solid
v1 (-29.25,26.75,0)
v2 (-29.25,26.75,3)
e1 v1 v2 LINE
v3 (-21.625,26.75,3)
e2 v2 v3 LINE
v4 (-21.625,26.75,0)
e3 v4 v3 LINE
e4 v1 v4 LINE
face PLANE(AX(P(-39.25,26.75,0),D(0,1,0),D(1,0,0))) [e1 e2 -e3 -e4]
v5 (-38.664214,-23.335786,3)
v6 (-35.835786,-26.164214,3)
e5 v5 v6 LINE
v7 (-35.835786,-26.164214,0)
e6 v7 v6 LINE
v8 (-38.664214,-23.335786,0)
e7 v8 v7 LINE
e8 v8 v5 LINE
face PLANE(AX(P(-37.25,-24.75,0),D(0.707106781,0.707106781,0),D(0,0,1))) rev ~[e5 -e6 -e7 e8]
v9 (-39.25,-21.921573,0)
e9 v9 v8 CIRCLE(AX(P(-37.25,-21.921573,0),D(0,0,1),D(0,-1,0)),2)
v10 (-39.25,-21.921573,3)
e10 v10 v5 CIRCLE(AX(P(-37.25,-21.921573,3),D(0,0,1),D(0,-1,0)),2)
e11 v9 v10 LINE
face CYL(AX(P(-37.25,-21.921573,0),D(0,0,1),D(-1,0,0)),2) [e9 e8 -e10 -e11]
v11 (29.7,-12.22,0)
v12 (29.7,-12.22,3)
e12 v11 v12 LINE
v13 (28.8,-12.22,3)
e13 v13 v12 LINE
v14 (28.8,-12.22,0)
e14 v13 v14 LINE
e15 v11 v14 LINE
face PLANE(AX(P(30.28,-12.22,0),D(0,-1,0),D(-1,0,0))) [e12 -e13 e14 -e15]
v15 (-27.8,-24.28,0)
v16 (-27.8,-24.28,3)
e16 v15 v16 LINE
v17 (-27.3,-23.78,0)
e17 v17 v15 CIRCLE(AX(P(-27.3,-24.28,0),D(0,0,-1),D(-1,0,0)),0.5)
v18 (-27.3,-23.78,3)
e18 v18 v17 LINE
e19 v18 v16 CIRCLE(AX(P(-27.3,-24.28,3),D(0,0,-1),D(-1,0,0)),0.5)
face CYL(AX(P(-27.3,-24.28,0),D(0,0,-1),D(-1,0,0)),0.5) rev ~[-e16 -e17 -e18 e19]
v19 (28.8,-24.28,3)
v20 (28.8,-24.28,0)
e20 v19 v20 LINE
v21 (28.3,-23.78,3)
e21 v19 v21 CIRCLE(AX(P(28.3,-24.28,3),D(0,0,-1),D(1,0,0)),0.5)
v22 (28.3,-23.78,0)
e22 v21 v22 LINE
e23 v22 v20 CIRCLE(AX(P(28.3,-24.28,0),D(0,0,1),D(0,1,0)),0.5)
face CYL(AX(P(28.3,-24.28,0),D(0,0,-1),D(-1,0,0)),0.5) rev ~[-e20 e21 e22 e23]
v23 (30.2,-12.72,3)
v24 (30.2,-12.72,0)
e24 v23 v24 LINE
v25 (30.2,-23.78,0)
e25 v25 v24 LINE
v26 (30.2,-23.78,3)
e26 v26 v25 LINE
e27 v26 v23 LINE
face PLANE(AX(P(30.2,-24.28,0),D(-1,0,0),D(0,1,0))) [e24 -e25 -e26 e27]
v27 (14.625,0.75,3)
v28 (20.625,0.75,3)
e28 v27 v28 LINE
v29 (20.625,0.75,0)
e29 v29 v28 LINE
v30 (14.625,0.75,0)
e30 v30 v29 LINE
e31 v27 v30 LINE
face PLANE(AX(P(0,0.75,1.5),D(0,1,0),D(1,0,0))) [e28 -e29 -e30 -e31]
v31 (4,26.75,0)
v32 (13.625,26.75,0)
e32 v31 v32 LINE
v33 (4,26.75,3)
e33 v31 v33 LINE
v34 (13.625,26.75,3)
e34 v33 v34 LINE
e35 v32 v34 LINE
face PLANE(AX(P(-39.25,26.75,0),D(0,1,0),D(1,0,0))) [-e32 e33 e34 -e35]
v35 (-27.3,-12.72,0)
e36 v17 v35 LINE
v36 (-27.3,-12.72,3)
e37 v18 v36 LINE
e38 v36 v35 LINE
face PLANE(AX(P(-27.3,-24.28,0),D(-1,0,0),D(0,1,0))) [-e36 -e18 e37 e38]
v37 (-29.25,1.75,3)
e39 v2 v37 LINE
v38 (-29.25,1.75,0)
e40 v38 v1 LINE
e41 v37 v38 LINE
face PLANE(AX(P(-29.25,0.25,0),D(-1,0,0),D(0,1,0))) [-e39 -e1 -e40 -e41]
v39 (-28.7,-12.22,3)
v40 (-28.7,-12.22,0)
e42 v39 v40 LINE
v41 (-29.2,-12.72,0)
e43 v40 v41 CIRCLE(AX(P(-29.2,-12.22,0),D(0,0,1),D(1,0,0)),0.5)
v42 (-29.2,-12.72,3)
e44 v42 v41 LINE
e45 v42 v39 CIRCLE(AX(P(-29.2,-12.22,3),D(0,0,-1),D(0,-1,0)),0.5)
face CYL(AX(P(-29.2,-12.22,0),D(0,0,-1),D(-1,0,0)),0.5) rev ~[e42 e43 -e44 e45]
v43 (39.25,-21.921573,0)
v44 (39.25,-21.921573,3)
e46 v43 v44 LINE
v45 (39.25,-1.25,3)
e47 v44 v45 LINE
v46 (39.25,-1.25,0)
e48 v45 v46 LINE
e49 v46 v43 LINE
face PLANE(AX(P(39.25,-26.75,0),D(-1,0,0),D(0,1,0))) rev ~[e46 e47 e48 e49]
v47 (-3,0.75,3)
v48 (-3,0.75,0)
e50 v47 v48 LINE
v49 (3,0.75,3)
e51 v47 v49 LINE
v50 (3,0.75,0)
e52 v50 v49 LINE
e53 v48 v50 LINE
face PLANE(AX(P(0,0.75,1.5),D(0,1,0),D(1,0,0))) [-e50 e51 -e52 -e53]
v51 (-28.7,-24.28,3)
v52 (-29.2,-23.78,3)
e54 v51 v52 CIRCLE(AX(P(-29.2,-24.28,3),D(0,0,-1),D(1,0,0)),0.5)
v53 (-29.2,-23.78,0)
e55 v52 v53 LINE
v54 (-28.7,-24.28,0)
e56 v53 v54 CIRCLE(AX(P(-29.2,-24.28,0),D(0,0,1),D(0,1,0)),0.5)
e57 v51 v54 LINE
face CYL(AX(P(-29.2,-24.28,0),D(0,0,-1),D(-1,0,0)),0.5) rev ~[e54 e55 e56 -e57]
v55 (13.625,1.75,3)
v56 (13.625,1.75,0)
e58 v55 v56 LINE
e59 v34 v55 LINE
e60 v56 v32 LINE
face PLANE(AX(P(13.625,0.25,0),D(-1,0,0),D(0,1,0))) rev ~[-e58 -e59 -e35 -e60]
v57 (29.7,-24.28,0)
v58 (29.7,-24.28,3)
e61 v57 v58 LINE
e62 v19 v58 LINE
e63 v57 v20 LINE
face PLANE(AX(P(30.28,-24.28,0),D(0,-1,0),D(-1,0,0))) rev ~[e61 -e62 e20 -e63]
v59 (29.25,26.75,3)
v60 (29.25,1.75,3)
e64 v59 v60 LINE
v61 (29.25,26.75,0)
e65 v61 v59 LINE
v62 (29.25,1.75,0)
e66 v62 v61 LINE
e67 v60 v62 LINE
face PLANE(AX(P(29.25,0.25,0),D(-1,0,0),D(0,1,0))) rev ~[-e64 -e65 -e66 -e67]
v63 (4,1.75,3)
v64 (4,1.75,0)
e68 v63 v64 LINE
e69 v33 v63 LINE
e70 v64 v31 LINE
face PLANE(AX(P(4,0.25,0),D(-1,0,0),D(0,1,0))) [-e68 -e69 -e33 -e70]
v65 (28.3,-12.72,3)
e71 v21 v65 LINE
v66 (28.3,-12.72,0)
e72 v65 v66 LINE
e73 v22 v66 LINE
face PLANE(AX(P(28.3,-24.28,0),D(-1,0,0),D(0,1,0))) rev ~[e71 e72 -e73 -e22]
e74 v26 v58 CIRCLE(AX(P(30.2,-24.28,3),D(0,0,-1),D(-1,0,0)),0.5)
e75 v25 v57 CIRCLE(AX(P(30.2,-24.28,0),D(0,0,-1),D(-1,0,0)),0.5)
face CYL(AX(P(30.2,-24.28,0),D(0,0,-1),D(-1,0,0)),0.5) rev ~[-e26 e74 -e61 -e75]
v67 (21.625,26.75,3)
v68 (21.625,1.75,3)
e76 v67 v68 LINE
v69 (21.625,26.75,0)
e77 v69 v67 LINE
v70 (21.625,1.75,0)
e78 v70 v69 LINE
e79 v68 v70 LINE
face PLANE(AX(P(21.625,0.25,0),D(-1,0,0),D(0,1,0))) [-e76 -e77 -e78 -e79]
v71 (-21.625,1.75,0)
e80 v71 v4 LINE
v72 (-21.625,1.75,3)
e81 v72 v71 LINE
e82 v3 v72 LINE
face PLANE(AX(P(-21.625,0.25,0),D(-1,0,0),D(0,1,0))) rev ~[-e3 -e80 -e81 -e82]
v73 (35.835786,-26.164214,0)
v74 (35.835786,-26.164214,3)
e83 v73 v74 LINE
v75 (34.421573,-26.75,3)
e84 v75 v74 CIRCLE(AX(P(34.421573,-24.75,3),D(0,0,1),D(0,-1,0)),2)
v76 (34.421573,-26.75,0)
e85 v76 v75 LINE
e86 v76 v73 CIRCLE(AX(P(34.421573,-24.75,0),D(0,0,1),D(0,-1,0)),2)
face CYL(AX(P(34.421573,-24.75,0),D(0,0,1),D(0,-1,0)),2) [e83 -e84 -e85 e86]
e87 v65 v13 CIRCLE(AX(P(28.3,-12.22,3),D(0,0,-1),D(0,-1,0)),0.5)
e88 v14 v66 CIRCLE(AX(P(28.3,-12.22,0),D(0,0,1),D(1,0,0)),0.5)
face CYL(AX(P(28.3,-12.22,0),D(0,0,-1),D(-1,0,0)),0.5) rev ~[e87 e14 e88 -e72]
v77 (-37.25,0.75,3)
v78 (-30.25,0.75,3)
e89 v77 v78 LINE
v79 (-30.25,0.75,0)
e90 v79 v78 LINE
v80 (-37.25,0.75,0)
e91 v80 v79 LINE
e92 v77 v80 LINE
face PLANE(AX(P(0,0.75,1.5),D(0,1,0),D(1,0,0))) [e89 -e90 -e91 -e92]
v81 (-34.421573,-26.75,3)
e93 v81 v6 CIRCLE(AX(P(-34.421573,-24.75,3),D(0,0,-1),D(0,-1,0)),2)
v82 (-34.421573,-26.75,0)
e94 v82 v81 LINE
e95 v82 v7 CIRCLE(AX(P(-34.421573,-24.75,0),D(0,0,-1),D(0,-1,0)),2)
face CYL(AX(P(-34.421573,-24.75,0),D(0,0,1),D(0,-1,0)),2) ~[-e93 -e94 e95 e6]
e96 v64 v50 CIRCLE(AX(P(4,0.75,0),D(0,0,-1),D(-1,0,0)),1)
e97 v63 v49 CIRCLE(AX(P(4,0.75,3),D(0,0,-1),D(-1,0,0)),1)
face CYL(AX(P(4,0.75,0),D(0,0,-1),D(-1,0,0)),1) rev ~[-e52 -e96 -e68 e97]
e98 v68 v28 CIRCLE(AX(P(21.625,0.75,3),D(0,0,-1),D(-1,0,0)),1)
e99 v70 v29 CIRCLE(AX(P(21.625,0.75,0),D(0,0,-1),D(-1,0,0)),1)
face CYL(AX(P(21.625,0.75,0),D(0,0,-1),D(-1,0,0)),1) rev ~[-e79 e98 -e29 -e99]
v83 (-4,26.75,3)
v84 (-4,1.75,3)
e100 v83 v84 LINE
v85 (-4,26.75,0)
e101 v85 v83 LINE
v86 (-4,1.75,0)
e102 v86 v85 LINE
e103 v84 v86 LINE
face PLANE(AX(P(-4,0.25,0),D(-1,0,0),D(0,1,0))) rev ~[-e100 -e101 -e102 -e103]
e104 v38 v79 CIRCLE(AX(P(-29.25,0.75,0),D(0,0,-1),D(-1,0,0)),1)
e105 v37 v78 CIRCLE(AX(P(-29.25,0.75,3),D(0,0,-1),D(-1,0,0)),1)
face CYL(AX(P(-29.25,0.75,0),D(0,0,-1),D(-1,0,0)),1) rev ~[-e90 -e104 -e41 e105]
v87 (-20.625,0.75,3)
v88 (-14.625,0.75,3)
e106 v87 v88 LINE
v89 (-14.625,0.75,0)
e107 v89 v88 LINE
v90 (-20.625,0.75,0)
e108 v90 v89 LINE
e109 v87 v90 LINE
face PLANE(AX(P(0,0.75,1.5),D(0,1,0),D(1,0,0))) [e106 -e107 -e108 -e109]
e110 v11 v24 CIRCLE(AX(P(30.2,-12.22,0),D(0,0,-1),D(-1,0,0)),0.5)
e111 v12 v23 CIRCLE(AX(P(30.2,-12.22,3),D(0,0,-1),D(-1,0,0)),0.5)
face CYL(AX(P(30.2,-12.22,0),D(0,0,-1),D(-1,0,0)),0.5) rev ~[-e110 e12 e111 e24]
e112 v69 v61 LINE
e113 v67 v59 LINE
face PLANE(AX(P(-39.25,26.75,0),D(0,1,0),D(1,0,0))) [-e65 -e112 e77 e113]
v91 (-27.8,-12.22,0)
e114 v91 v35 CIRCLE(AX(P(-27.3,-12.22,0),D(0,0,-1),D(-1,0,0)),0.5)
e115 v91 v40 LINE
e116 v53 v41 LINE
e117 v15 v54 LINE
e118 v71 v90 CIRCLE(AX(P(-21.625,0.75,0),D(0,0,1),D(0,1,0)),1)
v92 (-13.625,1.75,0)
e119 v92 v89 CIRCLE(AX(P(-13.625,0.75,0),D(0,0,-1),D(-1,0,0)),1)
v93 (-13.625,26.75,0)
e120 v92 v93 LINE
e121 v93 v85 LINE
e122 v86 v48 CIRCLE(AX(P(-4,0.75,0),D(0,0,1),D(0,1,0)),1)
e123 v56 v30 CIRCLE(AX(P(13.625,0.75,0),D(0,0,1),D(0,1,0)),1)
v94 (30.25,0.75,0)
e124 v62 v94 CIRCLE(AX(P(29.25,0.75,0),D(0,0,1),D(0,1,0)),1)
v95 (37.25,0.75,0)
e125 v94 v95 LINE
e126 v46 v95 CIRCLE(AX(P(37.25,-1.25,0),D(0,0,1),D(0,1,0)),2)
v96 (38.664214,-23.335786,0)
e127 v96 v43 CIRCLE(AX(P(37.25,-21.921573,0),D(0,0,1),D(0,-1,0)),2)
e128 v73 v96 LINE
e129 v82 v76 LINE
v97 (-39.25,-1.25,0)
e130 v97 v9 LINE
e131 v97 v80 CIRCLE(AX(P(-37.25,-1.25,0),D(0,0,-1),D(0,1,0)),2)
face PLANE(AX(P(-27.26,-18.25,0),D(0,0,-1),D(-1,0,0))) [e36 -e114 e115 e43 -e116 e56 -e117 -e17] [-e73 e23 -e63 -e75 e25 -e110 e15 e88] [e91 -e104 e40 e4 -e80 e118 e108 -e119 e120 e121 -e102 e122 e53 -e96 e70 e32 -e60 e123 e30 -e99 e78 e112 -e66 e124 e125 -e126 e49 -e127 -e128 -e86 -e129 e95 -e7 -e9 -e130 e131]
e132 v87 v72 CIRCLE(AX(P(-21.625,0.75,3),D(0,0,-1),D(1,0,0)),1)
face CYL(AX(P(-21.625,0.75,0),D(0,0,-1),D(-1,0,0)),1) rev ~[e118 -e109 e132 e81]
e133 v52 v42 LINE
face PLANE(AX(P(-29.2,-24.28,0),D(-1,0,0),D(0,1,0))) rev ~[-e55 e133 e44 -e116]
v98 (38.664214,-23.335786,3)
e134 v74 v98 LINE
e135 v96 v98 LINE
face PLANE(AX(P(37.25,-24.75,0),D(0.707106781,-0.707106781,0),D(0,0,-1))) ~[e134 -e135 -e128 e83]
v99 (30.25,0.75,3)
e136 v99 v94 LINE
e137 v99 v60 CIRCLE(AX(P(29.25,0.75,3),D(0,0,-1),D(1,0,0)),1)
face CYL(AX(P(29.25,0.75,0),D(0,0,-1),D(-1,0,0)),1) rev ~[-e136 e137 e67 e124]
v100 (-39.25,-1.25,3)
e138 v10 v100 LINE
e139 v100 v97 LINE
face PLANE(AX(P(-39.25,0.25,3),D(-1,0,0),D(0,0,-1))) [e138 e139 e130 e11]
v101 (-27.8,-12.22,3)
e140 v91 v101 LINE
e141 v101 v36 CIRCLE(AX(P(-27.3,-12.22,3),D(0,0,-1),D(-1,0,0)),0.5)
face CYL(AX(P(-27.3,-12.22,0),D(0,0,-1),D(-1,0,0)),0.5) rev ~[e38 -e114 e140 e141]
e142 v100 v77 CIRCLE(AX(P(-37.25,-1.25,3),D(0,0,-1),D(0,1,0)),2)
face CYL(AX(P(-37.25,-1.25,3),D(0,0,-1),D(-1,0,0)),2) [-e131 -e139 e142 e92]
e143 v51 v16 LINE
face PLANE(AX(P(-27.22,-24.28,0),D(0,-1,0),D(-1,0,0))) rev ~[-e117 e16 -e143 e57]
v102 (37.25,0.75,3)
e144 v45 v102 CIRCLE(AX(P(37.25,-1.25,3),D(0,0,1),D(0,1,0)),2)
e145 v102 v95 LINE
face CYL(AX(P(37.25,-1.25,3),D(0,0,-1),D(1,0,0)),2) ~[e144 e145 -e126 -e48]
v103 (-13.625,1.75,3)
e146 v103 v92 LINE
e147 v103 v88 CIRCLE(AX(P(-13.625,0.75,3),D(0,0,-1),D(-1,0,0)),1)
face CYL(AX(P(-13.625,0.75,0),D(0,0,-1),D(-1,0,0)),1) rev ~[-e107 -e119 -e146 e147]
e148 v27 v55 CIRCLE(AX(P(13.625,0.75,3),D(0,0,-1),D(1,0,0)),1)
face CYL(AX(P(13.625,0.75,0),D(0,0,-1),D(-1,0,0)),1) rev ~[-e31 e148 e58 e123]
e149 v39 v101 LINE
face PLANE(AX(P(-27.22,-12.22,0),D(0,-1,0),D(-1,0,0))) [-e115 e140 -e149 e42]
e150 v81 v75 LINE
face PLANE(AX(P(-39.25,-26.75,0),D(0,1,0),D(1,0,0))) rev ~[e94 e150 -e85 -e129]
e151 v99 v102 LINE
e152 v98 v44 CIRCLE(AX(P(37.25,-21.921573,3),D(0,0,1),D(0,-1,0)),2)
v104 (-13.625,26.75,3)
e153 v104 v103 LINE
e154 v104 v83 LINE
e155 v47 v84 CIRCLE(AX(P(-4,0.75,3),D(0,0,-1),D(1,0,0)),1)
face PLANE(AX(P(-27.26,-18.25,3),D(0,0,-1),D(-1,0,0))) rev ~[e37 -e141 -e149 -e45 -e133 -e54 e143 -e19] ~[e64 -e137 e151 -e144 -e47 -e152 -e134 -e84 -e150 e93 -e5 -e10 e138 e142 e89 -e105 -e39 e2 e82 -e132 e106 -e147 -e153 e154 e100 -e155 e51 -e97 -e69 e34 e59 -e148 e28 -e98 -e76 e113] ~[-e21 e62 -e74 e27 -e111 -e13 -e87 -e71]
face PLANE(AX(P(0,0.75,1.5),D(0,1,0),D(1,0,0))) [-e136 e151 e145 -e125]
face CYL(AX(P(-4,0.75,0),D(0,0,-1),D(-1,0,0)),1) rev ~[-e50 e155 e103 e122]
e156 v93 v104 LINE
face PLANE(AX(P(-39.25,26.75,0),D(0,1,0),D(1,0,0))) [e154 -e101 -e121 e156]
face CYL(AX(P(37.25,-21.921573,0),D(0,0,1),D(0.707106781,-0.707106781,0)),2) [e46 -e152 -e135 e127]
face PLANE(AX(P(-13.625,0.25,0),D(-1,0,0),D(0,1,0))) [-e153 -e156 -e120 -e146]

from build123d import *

# Parameters (mm, degrees)
SKETCH_1_W          = 78.5
SKETCH_1_H          = 53.5
EXTRUDE_1_DEPTH     = 3
SKETCH_2_W          = 2
SKETCH_2_H          = 12
CUT_EXTRUDE_1_DEPTH = 5
SKETCH_3_W          = 8
SKETCH_3_H          = 26.5
CUT_EXTRUDE_2_DEPTH = 4
SKETCH_7_W          = 2
SKETCH_7_H          = 26.5
CUT_EXTRUDE_3_DEPTH = 10
SKETCH_8_W          = 2
SKETCH_8_H          = 12
CUT_EXTRUDE_4_DEPTH = 10
SKETCH_9_W          = 2.06
SKETCH_9_H          = 12.06
SKETCH_9_W_2        = 2
SKETCH_9_H_2        = 12
CUT_EXTRUDE_5_DEPTH = 10
CHAMFER_1_SIZE      = 4
SKETCH_11_W         = 78.5
SKETCH_11_H         = 3
EXTRUDE_2_DEPTH     = 0.5
FILLET_2_R          = 2
SKETCH_14_W         = 0.08
SKETCH_14_H         = 12.06
EXTRUDE_3_DEPTH     = 3
SKETCH_15_W         = 0.08
SKETCH_15_H         = 12.06
EXTRUDE_4_DEPTH     = 3
SKETCH_16_R         = 0.5
CUT_EXTRUDE_6_DEPTH = 10
SKETCH_17_R         = 1
CUT_EXTRUDE_7_DEPTH = 10


with BuildPart() as part:
    # 草图1 → 凸台-拉伸1 (new body)
    with BuildSketch(Plane.XY):
        Rectangle(SKETCH_1_W, SKETCH_1_H)
    extrude(amount=EXTRUDE_1_DEPTH)

    # 草图2 → 切除-拉伸1 (cut)
    with BuildSketch(Plane(origin=(0, 0, 0), x_dir=(-1, 0, 0), z_dir=(0, 0, -1))):
        with Locations((-29.25, -18.25)):
            Rectangle(SKETCH_2_W, SKETCH_2_H)
    extrude(amount=-CUT_EXTRUDE_1_DEPTH, mode=Mode.SUBTRACT)

    # 草图3 → 切除-拉伸2 (cut, through all)
    with BuildSketch(Plane(origin=(0, 0, 0), x_dir=(-1, 0, 0), z_dir=(0, 0, -1))):
        with Locations((-17.625, 13.5)):
            Rectangle(SKETCH_3_W, SKETCH_3_H)
        with Locations((35.25, 13.5)):
            Rectangle(SKETCH_3_W, SKETCH_3_H)
        with Locations((17.625, 13.5)):
            Rectangle(SKETCH_3_W, SKETCH_3_H)
        with Locations((0, 13.5)):
            Rectangle(SKETCH_3_W, SKETCH_3_H)
        with Locations((-35.25, 13.5)):
            Rectangle(SKETCH_3_W, SKETCH_3_H)
    extrude(amount=-CUT_EXTRUDE_2_DEPTH, mode=Mode.SUBTRACT)

    # 草图7 → 切除-拉伸3 (cut)
    with BuildSketch(Plane(origin=(0, 0, 0), x_dir=(-1, 0, 0), z_dir=(0, 0, -1))):
        with Locations((30.25, 13.5)):
            Rectangle(SKETCH_7_W, SKETCH_7_H)
        with Locations((-30.25, 13.5)):
            Rectangle(SKETCH_7_W, SKETCH_7_H)
    extrude(amount=-CUT_EXTRUDE_3_DEPTH, mode=Mode.SUBTRACT)

    # 草图8 → 切除-拉伸4 (cut)
    with BuildSketch(Plane(origin=(0, 0, 0), x_dir=(-1, 0, 0), z_dir=(0, 0, -1))):
        with Locations((28.25, -18.25)):
            Rectangle(SKETCH_8_W, SKETCH_8_H)
    extrude(amount=-CUT_EXTRUDE_4_DEPTH, mode=Mode.SUBTRACT)

    # 草图9 → 切除-拉伸5 (cut)
    with BuildSketch(Plane(origin=(0, 0, 0), x_dir=(-1, 0, 0), z_dir=(0, 0, -1))):
        with Locations((28.25, -18.25)):
            Rectangle(SKETCH_9_W, SKETCH_9_H)
        with Locations((28.25, -18.25)):
            Rectangle(SKETCH_9_W_2, SKETCH_9_H_2, mode=Mode.SUBTRACT)
        with Locations((-29.25, -18.25)):
            Rectangle(SKETCH_9_W, SKETCH_9_H)
        with Locations((-29.25, -18.25)):
            Rectangle(SKETCH_9_W_2, SKETCH_9_H_2, mode=Mode.SUBTRACT)
    extrude(amount=-CUT_EXTRUDE_5_DEPTH, mode=Mode.SUBTRACT)

    # 倒角1
    chamfer_1_edges = [part.edges().sort_by_distance(p)[0] for p in [
        (39.25, -26.75, 1.5),
        (-39.25, -26.75, 1.5),
    ]]
    chamfer(chamfer_1_edges, length=CHAMFER_1_SIZE)

    # 草图11 → 凸台-拉伸2 (add)
    with BuildSketch(Plane(origin=(0, 0.25, 0), x_dir=(1, 0, 0), z_dir=(0, 1, 0))):
        with Locations((0, -1.5)):
            Rectangle(SKETCH_11_W, SKETCH_11_H)
    extrude(amount=EXTRUDE_2_DEPTH)

    # 圆角2
    fillet_2_edges = [part.edges().sort_by_distance(p)[0] for p in [
        (35.25, -26.75, 1.5),
        (-35.25, -26.75, 1.5),
        (-39.25, -22.75, 1.5),
        (39.25, -22.75, 1.5),
        (-39.25, 0.75, 1.5),
        (39.25, 0.75, 1.5),
    ]]
    fillet(fillet_2_edges, radius=FILLET_2_R)

    # 草图14 → 凸台-拉伸3 (add)
    with BuildSketch(Plane(origin=(0, 0, 0), x_dir=(-1, 0, 0), z_dir=(0, 0, -1))):
        with Locations((-30.24, -18.25)):
            Rectangle(SKETCH_14_W, SKETCH_14_H)
        with Locations((-28.26, -18.25)):
            Rectangle(SKETCH_14_W, SKETCH_14_H)
    extrude(amount=-EXTRUDE_3_DEPTH)

    # 草图15 → 凸台-拉伸4 (add)
    with BuildSketch(Plane(origin=(0, 0, 0), x_dir=(-1, 0, 0), z_dir=(0, 0, -1))):
        with Locations((27.26, -18.25)):
            Rectangle(SKETCH_15_W, SKETCH_15_H)
        with Locations((29.24, -18.25)):
            Rectangle(SKETCH_15_W, SKETCH_15_H)
    extrude(amount=-EXTRUDE_4_DEPTH)

    # 草图16 → 切除-拉伸6 (cut)
    with BuildSketch(Plane(origin=(0, 0, 0), x_dir=(-1, 0, 0), z_dir=(0, 0, -1))):
        with Locations((-30.2, -12.22)):
            Circle(SKETCH_16_R)
        with Locations((-28.3, -12.22)):
            Circle(SKETCH_16_R)
        with Locations((-30.2, -24.28)):
            Circle(SKETCH_16_R)
        with Locations((-28.3, -24.28)):
            Circle(SKETCH_16_R)
        with Locations((27.3, -12.22)):
            Circle(SKETCH_16_R)
        with Locations((29.2, -12.22)):
            Circle(SKETCH_16_R)
        with Locations((27.3, -24.28)):
            Circle(SKETCH_16_R)
        with Locations((29.2, -24.28)):
            Circle(SKETCH_16_R)
    extrude(amount=-CUT_EXTRUDE_6_DEPTH, mode=Mode.SUBTRACT)

    # 草图17 → 切除-拉伸7 (cut)
    with BuildSketch(Plane(origin=(0, 0, 0), x_dir=(-1, 0, 0), z_dir=(0, 0, -1))):
        with Locations((-29.25, 0.75)):
            Circle(SKETCH_17_R)
        with Locations((-21.625, 0.75)):
            Circle(SKETCH_17_R)
        with Locations((-13.625, 0.75)):
            Circle(SKETCH_17_R)
        with Locations((-4, 0.75)):
            Circle(SKETCH_17_R)
        with Locations((4, 0.75)):
            Circle(SKETCH_17_R)
        with Locations((13.625, 0.75)):
            Circle(SKETCH_17_R)
        with Locations((21.625, 0.75)):
            Circle(SKETCH_17_R)
        with Locations((29.25, 0.75)):
            Circle(SKETCH_17_R)
    extrude(amount=-CUT_EXTRUDE_7_DEPTH, mode=Mode.SUBTRACT)


solid = part.part
